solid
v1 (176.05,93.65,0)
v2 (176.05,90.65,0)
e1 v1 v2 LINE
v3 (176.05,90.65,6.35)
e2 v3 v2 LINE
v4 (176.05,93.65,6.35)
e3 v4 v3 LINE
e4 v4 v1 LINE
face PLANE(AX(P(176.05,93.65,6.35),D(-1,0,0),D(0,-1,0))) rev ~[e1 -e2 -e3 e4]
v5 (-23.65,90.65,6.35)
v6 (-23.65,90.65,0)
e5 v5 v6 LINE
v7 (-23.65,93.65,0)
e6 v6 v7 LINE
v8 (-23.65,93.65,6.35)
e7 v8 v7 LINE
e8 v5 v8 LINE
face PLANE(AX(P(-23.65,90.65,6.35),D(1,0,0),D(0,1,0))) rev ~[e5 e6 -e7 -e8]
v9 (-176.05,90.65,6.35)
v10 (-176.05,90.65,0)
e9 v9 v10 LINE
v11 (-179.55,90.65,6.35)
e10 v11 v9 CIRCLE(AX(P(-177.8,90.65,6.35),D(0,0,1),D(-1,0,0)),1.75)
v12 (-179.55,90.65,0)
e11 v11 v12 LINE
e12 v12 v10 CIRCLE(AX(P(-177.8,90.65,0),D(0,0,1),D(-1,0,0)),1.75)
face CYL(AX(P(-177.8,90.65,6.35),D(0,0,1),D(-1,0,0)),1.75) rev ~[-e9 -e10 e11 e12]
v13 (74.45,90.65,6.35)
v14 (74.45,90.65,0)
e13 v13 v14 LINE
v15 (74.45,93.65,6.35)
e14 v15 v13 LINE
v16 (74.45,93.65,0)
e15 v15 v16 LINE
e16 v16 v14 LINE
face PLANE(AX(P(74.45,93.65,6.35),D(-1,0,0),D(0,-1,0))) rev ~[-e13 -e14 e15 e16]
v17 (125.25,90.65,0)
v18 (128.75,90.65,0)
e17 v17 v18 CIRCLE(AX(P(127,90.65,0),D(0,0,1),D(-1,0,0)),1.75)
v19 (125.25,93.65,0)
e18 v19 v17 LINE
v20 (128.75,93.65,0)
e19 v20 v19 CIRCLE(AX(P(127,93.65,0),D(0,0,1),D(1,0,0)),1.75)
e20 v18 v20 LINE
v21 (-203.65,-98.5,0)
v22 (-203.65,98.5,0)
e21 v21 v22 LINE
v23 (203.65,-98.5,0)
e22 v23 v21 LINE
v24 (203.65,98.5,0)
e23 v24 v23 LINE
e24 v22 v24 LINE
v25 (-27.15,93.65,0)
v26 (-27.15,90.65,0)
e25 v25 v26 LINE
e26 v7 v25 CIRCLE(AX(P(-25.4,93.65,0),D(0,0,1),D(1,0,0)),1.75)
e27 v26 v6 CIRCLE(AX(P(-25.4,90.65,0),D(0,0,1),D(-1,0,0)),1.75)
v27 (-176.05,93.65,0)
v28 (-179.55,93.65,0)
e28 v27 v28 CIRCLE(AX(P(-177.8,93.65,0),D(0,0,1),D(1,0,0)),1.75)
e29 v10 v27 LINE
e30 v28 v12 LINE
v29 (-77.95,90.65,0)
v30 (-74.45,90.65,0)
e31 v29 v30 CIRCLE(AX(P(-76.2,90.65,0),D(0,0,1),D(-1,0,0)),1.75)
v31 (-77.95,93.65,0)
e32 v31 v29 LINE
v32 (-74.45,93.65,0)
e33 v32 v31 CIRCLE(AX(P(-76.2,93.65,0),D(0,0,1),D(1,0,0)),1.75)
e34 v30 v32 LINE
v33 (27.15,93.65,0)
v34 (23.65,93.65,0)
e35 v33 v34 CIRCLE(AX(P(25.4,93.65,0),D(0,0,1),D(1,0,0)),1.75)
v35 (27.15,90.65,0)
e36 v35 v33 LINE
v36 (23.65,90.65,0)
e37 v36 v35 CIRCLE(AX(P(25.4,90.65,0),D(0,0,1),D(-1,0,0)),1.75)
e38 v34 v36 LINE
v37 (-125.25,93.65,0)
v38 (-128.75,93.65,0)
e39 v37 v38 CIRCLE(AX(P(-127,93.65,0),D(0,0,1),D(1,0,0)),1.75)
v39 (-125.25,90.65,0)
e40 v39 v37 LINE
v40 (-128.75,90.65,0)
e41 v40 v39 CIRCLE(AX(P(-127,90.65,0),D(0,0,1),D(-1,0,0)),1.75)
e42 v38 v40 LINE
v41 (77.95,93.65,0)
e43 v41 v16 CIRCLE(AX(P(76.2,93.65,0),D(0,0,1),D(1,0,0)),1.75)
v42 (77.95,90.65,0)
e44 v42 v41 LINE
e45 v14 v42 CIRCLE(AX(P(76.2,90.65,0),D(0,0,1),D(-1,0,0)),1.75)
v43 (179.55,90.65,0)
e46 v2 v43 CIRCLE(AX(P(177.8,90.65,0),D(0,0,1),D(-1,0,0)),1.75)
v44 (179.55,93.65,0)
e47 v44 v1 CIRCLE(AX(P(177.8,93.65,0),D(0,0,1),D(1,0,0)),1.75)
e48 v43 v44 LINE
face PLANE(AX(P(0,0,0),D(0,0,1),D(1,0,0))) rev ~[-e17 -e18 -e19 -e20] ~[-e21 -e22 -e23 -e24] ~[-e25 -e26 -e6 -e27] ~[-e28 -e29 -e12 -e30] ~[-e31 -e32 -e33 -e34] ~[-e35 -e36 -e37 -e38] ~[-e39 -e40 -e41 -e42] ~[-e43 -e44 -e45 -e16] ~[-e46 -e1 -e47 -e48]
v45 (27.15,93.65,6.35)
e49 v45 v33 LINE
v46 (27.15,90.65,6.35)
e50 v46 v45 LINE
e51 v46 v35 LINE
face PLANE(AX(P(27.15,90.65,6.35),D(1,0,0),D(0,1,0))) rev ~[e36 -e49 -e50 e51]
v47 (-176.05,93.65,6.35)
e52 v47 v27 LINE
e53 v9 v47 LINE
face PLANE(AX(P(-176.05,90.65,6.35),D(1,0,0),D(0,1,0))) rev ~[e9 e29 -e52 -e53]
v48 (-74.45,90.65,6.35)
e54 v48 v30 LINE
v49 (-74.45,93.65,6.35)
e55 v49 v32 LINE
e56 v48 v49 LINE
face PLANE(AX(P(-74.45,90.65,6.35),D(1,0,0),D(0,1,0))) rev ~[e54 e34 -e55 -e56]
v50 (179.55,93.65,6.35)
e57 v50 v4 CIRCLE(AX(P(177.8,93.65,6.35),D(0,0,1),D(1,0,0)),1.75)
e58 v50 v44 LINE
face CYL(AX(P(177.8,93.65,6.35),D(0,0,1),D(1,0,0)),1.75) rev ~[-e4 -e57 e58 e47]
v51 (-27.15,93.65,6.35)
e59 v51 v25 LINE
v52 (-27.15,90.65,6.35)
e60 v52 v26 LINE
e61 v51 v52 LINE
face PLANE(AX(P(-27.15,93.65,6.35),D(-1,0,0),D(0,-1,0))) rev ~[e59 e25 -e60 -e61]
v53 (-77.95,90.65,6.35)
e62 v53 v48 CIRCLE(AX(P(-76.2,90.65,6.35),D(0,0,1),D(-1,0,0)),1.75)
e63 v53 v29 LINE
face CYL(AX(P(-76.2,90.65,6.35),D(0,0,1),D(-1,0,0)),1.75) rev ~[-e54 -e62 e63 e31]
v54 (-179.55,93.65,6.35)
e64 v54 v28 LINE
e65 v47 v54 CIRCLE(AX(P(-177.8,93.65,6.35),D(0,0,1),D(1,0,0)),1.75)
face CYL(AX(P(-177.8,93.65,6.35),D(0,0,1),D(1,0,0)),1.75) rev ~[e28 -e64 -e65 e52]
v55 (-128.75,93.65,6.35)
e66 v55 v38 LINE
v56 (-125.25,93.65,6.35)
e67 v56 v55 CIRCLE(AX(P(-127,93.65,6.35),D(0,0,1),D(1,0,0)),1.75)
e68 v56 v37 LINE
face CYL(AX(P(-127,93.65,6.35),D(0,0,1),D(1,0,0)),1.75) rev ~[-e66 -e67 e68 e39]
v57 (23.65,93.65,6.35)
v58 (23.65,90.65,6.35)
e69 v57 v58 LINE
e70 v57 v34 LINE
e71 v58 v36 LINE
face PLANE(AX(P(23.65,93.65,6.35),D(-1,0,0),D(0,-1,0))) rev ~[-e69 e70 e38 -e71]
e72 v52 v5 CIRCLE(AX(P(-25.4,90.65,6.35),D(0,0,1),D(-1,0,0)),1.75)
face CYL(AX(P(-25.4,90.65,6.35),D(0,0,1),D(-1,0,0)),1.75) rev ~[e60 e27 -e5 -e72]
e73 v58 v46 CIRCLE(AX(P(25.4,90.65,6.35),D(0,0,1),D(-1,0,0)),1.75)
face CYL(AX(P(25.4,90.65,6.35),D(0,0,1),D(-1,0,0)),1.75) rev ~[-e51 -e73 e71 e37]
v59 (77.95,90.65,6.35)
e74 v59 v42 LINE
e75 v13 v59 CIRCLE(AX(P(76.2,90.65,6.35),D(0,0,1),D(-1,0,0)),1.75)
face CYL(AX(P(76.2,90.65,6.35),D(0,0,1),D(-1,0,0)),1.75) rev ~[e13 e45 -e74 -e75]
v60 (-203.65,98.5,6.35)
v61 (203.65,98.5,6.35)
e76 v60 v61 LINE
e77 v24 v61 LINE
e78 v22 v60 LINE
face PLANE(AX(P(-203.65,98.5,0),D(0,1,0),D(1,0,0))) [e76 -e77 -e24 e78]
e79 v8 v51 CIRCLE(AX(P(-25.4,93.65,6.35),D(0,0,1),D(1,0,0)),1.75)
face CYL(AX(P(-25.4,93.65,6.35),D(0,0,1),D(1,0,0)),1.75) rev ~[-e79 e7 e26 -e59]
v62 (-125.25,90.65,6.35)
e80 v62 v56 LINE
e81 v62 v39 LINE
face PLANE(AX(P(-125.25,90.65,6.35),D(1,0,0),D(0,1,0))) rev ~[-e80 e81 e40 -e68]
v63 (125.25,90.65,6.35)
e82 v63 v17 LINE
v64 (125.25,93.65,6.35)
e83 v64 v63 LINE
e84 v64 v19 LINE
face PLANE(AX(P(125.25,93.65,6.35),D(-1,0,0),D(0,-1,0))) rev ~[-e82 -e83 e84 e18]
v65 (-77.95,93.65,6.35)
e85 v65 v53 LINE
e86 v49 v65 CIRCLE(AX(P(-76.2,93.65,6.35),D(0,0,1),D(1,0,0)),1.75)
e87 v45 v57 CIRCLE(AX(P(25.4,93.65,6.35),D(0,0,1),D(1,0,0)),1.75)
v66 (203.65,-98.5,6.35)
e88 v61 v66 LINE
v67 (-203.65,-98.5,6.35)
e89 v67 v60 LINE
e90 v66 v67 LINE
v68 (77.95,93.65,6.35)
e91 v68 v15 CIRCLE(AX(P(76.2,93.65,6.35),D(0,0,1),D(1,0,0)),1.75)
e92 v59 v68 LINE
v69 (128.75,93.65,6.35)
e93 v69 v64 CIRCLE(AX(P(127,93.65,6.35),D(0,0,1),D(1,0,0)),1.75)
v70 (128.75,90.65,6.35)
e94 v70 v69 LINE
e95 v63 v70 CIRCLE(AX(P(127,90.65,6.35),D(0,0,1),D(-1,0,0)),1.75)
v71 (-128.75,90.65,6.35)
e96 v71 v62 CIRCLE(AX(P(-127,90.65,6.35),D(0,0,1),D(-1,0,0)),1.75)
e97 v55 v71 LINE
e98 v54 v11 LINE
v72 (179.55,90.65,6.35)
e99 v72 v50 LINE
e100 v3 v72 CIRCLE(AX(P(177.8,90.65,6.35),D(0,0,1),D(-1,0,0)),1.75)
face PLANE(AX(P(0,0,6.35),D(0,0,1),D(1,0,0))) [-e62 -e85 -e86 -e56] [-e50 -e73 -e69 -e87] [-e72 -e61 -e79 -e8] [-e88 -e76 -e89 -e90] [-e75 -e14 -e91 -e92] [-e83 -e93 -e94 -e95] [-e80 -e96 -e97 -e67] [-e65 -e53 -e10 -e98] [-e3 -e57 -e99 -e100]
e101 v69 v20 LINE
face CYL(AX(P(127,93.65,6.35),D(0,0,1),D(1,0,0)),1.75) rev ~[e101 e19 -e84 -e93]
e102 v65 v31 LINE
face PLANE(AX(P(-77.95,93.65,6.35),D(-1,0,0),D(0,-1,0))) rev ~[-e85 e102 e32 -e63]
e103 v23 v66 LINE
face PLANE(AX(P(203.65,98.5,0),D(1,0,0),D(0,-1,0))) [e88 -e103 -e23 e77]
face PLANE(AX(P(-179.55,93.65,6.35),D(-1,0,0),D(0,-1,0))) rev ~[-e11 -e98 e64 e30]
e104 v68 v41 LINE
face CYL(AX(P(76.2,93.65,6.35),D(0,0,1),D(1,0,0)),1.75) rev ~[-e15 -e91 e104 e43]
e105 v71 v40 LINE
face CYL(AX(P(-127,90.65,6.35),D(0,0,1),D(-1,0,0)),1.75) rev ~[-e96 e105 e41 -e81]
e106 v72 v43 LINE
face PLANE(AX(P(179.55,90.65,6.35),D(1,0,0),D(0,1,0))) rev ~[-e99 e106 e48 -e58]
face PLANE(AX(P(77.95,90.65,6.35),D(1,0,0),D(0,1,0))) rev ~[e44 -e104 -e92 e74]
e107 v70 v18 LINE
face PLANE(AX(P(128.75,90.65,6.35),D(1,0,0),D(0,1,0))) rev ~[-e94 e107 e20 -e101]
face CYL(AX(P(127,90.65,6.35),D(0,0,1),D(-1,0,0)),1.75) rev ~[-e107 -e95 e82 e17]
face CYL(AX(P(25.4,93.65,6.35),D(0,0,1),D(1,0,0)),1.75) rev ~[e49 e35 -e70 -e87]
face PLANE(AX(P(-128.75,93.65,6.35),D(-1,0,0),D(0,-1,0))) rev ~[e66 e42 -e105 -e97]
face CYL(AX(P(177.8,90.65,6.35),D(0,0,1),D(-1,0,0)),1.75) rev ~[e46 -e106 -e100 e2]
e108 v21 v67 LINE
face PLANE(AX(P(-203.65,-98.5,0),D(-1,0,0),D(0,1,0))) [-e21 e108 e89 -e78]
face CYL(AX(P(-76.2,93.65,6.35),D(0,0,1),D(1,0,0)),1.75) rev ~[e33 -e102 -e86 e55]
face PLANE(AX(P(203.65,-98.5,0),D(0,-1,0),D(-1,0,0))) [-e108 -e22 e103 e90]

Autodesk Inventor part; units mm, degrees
ref_plane "YZ Plane" through (0, 0, 0) normal (1, 0, 0) x (0, 1, 0)
ref_plane "XZ Plane" through (0, 0, 0) normal (0, 1, 0) x (-1, 0, 0)
ref_plane "XY Plane" through (0, 0, 0) normal (0, 0, 1) x (1, 0, 0)
sketch "Sketch1" plane through (0, 0, 0) normal (0, 0, 1) x (1, 0, 0)
  line L0 (-203.65, 98.5) -> (203.65, 98.5)
  line L1 (203.65, 98.5) -> (203.65, -98.5)
  line L2 (203.65, -98.5) -> (-203.65, -98.5)
  line L3 (-203.65, -98.5) -> (-203.65, 98.5)
  point P0 (0, 0)
  dimension "d0" = 407.3
  dimension "d1" = 197
  dimension "d2" = 203.65
  dimension "d3" = 98.5
extrude "Extrusion1" add sketch "Sketch1" along normal blind 6.35
sketch "Sketch2" plane through (0, 0, 6.35) normal (0, 0, 1) x (1, 0, 0)
  line L0 (203.65, 98.5) -> (-203.65, 98.5) projected
  line L1 (-203.65, 98.5) -> (-203.65, -98.5) projected
  line L2 (-177.8, 93.65) -> (-177.8, 90.65) construction
  line L3 (-179.55, 93.65) -> (-179.55, 90.65)
  line L4 (-176.05, 90.65) -> (-176.05, 93.65)
  arc A0 (-176.05, 93.65) -> (-179.55, 93.65) centre (-177.8, 93.65) ccw
  arc A1 (-179.55, 90.65) -> (-176.05, 90.65) centre (-177.8, 90.65) ccw
  point P0 (0, 0)
  point P1 (-177.8, 92.15)
  dimension "d7" = 3
  dimension "d8" = 3.5
  dimension "d9" = 25.85
  dimension "d10" = 6.35
extrude "Extrusion2" cut sketch "Sketch2" against normal through all
pattern_linear "Rectangular Pattern1" count 8 spacing 50.8 along (1, 0, 0) of "Extrusion2"
equation "\"d2\" = 0.5 * d0"
equation "\"d3\" = 0.5 * d1"
properties part number "case_door" material "Polycarbonate, Smoke"
